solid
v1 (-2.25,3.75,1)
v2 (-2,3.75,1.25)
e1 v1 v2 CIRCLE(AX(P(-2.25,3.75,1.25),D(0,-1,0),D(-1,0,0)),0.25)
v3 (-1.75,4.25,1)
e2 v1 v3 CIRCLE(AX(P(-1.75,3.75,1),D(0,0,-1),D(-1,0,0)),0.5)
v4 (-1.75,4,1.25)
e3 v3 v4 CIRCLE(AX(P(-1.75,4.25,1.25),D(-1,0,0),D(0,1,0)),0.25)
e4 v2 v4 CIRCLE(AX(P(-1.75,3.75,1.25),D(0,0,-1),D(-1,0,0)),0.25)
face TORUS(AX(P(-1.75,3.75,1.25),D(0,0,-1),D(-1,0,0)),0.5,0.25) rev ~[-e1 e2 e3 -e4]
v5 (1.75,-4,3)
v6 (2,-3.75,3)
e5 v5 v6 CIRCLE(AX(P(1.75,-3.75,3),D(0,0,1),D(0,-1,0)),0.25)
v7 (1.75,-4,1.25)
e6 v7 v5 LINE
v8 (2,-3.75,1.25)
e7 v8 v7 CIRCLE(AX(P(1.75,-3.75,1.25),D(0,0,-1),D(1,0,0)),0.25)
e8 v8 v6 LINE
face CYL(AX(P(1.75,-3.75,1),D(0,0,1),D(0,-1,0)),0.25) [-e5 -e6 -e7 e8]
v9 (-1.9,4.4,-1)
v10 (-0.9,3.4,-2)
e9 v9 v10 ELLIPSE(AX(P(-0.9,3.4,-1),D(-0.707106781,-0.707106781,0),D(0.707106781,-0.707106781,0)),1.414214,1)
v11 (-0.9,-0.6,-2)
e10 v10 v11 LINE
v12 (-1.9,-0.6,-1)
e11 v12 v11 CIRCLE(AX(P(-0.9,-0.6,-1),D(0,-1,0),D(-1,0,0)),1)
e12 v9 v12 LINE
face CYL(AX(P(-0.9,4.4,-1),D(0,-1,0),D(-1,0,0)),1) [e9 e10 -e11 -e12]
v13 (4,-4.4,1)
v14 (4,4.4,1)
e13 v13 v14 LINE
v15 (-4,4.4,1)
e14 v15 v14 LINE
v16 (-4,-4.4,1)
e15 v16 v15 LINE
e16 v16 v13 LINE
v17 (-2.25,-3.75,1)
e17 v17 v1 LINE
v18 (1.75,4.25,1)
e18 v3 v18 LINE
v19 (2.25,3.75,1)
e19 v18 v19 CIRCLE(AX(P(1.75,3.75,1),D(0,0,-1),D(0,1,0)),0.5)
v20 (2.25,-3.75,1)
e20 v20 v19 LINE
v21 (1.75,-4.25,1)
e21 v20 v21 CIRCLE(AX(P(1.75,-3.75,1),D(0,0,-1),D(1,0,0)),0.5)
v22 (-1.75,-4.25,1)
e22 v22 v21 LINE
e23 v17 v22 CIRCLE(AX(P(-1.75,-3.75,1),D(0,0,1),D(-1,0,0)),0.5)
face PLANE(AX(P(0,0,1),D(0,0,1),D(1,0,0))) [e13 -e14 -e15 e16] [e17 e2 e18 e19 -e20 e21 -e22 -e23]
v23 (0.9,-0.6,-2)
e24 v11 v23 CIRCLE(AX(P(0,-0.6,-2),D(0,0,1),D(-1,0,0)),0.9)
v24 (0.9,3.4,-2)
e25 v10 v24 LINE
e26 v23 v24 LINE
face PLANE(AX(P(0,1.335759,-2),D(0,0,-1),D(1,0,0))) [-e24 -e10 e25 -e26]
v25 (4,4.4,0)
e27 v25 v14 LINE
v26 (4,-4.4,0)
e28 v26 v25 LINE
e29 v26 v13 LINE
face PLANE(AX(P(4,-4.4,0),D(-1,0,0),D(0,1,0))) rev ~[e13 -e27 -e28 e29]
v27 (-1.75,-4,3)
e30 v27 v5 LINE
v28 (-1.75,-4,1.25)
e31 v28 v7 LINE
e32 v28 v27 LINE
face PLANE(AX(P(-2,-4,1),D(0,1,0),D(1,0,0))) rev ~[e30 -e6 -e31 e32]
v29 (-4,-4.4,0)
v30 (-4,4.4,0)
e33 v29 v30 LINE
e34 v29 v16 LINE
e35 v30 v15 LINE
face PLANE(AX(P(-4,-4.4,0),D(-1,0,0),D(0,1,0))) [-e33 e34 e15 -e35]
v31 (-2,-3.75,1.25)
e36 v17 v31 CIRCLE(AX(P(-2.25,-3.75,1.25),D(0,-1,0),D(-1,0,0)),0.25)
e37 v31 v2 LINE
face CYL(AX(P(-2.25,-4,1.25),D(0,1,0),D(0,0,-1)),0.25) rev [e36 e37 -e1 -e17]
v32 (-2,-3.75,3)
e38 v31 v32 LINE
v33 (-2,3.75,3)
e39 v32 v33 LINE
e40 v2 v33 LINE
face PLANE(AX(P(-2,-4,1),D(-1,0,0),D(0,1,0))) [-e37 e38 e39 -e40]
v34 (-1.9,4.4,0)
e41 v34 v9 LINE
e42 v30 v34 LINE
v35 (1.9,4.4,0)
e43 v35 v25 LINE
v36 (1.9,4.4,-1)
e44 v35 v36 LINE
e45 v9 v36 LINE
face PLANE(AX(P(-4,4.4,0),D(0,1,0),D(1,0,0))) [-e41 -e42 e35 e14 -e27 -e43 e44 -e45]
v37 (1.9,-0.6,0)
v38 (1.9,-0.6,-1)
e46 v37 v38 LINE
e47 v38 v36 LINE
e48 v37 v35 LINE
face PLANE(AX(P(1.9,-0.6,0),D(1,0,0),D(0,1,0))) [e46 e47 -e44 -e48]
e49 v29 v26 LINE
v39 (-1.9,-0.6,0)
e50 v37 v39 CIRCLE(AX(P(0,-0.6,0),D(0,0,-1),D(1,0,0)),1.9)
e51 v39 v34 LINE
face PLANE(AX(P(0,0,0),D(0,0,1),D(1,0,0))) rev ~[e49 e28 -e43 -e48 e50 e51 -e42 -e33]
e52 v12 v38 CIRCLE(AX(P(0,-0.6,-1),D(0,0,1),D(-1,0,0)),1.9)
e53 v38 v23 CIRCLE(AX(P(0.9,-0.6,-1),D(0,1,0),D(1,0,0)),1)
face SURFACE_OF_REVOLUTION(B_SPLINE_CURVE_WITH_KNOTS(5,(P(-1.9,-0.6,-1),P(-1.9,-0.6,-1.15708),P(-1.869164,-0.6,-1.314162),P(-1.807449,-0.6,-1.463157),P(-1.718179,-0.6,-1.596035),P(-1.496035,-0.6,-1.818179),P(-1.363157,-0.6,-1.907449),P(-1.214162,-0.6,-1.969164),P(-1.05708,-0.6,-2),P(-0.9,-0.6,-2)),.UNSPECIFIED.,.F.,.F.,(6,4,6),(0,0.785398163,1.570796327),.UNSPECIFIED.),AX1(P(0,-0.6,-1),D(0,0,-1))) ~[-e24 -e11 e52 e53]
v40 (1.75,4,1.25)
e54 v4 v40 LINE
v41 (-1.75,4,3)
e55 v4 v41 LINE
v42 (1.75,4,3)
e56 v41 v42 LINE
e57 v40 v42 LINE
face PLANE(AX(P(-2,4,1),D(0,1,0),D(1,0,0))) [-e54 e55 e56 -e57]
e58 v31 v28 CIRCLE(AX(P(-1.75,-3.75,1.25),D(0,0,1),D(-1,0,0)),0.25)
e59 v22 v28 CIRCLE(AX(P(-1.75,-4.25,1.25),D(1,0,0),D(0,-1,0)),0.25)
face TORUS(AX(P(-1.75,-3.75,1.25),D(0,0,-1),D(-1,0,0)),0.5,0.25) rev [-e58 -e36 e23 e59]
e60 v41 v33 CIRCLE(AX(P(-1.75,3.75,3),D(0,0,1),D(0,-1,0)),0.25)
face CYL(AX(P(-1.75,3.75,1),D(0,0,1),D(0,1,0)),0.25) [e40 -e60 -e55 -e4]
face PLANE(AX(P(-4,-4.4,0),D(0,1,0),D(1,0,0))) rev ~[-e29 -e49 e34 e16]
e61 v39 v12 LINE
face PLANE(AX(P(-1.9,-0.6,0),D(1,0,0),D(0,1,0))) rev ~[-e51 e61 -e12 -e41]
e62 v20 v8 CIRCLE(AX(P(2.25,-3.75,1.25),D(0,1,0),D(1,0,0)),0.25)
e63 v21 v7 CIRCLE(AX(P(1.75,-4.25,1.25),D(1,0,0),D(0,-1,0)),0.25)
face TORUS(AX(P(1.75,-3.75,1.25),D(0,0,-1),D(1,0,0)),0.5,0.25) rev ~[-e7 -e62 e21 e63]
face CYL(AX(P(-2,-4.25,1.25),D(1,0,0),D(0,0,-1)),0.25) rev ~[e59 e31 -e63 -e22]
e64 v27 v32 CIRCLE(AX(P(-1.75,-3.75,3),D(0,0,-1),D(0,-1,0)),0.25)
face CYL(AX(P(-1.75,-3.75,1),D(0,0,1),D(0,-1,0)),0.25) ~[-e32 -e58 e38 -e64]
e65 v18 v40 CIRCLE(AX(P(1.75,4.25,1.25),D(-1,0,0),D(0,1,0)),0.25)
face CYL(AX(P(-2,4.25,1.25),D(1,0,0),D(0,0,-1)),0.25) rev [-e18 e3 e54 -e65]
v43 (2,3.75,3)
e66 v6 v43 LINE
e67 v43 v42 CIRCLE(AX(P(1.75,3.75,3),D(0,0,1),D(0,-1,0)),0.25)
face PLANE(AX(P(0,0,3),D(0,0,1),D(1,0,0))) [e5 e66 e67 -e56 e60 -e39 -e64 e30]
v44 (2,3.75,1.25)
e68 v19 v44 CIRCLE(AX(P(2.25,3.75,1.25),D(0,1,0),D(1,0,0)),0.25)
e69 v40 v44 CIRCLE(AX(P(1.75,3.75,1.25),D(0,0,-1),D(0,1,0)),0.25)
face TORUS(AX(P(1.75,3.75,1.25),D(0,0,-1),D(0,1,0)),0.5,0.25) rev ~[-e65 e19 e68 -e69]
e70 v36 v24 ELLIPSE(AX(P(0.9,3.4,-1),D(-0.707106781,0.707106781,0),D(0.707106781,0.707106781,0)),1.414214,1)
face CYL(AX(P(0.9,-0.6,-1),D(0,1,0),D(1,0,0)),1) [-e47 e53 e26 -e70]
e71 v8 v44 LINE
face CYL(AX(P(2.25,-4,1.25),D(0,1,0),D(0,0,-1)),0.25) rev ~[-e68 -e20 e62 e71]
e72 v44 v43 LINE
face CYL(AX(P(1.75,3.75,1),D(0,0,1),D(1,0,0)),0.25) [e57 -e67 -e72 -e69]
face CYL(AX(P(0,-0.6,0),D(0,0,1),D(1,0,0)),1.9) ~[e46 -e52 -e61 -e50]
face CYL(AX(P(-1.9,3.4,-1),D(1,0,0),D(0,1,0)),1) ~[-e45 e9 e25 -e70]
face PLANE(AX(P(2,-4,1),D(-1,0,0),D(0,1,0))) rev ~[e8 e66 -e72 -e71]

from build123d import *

# Parameters (mm, degrees)
SKETCH030_W  = 8
SKETCH030_H  = 8.8
PAD008_DEPTH = 1
PAD009_DEPTH = 2
FILLET015_R  = 1
SKETCH032_W  = 4
SKETCH032_H  = 8
PAD010_DEPTH = 2
FILLET016_R  = 0.25


with BuildPart() as part:
    # Sketch030 → Pad008 (new body)
    with BuildSketch(Plane.XY):
        Rectangle(SKETCH030_W, SKETCH030_H)
    extrude(amount=PAD008_DEPTH)

    # Sketch031 (on Face5 of Pad008) → Pad009 (join)
    with BuildSketch(Plane(origin=(0, 0, 0), x_dir=(1, 0, 0), z_dir=(0, 0, -1))):
        with BuildLine():
            ThreePointArc((1.9, 0.6), (0, 2.5), (-1.9, 0.6))
            Line((-1.9, 0.6), (-1.9, -4.4))
            Line((-1.9, -4.4), (1.9, -4.4))
            Line((1.9, 0.6), (1.9, -4.4))
        make_face()
    extrude(amount=PAD009_DEPTH)

    # Fillet015
    fillet015_edges = [part.edges().sort_by_distance(p)[0] for p in [
        (1.9, 1.9, -2),
        (0, -2.5, -2),
        (-1.9, 1.9, -2),
        (0, 4.4, -2),
    ]]
    fillet(fillet015_edges, radius=FILLET015_R)

    # Sketch032 (on Face6 of Pad008) → Pad010 (join)
    with BuildSketch(Plane.XY.offset(1)):
        Rectangle(SKETCH032_W, SKETCH032_H)
    extrude(amount=PAD010_DEPTH)

    # Fillet016
    fillet016_edges = [part.edges().sort_by_distance(p)[0] for p in [
        (-2, 4, 2),
        (2, 4, 2),
        (2, -4, 2),
        (-2, -4, 2),
        (-2, 0, 1),
        (0, 4, 1),
        (2, 0, 1),
        (0, -4, 1),
    ]]
    fillet(fillet016_edges, radius=FILLET016_R)


solid = part.part
